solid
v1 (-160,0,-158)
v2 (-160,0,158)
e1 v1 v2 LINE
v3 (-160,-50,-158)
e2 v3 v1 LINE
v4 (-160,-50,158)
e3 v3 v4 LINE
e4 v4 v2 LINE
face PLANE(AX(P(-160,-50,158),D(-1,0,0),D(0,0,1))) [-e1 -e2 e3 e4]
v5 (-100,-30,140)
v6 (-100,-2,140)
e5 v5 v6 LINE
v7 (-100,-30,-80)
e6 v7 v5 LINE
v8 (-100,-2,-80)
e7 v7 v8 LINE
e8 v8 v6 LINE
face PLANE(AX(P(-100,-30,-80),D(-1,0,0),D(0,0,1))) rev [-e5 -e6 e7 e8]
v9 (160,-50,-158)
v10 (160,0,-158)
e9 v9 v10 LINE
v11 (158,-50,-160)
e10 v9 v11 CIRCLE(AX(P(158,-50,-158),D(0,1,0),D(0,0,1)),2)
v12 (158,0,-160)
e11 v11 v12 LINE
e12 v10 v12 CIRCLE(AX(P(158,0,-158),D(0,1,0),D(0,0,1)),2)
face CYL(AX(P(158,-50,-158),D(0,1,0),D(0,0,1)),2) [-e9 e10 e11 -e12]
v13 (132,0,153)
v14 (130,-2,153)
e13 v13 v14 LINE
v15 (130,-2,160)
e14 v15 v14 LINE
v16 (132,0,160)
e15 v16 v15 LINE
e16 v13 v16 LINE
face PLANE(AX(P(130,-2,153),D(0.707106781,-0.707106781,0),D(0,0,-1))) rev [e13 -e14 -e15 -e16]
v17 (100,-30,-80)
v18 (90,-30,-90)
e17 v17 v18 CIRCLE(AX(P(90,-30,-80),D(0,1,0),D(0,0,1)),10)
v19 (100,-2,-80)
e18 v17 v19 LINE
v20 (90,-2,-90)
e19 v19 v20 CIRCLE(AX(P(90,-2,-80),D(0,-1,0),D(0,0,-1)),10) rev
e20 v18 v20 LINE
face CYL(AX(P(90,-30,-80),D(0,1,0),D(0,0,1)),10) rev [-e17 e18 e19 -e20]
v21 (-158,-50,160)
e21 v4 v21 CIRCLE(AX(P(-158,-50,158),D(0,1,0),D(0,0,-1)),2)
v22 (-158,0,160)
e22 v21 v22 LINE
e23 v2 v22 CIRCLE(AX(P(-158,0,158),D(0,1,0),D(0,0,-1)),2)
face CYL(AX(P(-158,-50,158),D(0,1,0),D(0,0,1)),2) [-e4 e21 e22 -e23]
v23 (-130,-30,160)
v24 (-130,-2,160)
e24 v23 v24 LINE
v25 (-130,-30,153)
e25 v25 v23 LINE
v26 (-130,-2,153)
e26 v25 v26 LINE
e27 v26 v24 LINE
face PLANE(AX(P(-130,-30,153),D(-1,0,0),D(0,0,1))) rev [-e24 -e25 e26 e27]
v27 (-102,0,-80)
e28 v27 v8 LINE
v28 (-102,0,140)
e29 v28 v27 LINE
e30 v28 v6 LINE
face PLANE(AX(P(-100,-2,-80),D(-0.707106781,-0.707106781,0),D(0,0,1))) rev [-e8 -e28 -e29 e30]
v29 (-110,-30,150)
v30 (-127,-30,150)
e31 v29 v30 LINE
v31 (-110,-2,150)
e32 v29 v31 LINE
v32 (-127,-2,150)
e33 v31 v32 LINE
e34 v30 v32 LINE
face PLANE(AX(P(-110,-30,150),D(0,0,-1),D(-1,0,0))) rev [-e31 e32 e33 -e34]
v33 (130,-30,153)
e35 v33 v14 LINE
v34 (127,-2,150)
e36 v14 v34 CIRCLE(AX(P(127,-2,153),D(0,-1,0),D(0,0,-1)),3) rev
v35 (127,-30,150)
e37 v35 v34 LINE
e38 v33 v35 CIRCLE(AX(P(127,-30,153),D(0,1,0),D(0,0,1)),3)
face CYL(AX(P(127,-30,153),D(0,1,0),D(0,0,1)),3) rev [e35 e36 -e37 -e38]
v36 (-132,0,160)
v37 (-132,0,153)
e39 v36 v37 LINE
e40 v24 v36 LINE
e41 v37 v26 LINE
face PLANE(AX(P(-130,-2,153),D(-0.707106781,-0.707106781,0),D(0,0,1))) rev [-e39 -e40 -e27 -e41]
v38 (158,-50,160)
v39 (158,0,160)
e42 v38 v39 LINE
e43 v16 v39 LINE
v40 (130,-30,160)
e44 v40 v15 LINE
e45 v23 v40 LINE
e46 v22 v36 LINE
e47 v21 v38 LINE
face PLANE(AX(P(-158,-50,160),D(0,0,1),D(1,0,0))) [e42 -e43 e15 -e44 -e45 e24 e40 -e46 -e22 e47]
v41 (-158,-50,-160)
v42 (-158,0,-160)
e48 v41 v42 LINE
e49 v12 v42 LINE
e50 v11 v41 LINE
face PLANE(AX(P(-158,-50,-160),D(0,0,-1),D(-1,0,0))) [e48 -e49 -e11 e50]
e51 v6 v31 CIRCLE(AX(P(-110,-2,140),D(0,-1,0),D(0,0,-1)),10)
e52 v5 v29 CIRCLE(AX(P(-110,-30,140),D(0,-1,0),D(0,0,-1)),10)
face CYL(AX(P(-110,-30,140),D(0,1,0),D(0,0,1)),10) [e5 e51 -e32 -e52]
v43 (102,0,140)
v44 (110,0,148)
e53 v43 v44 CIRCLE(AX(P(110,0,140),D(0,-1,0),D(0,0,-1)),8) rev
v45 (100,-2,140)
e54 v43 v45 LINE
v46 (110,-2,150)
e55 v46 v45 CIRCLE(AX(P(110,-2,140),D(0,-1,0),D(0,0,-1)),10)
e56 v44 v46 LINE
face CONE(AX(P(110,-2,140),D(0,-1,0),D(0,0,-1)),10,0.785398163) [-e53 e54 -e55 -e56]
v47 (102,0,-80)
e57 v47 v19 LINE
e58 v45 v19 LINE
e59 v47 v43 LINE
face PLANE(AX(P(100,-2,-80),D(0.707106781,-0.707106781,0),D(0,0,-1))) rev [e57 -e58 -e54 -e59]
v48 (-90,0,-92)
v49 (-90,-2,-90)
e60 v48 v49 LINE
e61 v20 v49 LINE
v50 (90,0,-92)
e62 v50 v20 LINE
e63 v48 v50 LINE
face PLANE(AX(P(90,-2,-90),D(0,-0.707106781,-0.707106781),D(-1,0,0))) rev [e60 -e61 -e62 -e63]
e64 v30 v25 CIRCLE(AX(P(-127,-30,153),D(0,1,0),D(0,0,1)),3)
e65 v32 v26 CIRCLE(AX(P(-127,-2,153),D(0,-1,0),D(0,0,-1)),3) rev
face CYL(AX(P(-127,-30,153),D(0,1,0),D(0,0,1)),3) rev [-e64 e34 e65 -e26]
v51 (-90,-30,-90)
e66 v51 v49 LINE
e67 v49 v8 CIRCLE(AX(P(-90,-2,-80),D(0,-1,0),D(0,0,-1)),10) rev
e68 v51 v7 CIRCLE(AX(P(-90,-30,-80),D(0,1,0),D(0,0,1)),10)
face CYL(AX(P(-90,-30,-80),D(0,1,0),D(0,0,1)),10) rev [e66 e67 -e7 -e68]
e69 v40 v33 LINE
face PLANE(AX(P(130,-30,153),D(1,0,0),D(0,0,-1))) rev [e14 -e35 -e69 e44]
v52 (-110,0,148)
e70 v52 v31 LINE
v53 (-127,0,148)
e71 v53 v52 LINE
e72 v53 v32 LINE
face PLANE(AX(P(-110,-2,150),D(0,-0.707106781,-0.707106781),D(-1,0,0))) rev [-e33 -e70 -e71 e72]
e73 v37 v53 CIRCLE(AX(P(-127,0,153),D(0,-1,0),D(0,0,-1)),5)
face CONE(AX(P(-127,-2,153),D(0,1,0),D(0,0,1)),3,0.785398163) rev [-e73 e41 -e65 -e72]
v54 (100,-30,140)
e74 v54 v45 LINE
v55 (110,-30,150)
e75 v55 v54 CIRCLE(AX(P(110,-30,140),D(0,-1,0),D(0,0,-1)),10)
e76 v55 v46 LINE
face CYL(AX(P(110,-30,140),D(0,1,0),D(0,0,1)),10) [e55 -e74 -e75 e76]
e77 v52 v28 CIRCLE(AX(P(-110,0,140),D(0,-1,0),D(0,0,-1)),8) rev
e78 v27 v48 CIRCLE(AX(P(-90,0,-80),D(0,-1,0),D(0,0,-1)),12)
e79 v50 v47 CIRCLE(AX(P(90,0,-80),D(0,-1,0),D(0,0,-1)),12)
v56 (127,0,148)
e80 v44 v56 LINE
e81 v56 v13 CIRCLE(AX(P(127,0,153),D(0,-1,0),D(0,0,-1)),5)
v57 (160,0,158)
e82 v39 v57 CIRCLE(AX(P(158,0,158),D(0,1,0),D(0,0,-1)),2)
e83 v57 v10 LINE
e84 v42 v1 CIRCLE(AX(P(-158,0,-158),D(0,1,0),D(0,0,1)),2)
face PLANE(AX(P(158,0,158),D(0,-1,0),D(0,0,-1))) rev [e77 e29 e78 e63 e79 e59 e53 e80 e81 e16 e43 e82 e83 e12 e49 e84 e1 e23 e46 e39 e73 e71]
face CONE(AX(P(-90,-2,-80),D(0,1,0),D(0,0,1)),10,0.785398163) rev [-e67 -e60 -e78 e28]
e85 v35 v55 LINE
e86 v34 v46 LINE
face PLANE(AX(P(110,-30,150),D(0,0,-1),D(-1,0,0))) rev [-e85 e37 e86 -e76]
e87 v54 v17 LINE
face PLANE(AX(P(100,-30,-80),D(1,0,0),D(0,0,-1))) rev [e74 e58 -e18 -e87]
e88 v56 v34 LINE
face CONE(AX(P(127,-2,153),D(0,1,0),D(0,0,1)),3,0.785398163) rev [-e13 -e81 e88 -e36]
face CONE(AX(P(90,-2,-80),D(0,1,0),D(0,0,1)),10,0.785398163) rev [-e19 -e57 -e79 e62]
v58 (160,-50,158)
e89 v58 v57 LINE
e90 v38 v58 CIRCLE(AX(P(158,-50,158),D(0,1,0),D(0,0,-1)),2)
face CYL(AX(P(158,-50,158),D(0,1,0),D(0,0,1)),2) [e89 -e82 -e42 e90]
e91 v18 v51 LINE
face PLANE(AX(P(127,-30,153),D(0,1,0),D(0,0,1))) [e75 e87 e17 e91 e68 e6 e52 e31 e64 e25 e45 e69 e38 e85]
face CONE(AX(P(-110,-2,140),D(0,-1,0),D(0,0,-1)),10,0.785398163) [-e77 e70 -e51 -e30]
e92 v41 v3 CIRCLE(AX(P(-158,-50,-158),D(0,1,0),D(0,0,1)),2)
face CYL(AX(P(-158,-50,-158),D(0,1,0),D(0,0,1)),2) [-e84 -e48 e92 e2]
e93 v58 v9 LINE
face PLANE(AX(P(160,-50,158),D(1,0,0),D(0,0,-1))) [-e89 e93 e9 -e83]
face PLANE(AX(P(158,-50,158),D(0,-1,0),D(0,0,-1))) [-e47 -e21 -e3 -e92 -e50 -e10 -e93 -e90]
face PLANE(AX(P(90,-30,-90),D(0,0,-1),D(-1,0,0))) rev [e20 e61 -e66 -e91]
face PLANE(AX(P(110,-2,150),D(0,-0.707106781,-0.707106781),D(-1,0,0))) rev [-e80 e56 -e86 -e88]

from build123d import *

# Parameters (mm, degrees)
EXTRUDE_1_DEPTH     = 50
CUT_EXTRUDE_2_DEPTH = 30
CHAMFER_1_SIZE      = 2


with BuildPart() as part:
    # 草图1 → 凸台-拉伸1 (new body)
    with BuildSketch(Plane(origin=(0, 0, 0), x_dir=(1, 0, 0), z_dir=(0, 1, 0))):
        with BuildLine():
            Line((-158, -160), (158, -160))
            ThreePointArc((158, -160), (159.414213562, -159.414213562), (160, -158))
            Line((160, -158), (160, 158))
            ThreePointArc((160, 158), (159.414213562, 159.414213562), (158, 160))
            Line((158, 160), (-158, 160))
            ThreePointArc((-158, 160), (-159.414213562, 159.414213562), (-160, 158))
            Line((-160, 158), (-160, -158))
            ThreePointArc((-160, -158), (-159.414213562, -159.414213562), (-158, -160))
        make_face()
    extrude(amount=-EXTRUDE_1_DEPTH)

    # 草图2 → 切除-拉伸2 (cut)
    with BuildSketch(Plane(origin=(0, 0, 0), x_dir=(1, 0, 0), z_dir=(0, 1, 0))):
        with BuildLine():
            Line((130, -153), (130, -160))
            Line((130, -160), (-130, -160))
            Line((-130, -160), (-130, -153))
            ThreePointArc((-130, -153), (-129.121320344, -150.878679656), (-127, -150))
            Line((-127, -150), (-110, -150))
            ThreePointArc((-110, -150), (-102.928932188, -147.071067812), (-100, -140))
            Line((-100, -140), (-100, 80))
            ThreePointArc((-100, 80), (-97.071067812, 87.071067812), (-90, 90))
            Line((-90, 90), (90, 90))
            ThreePointArc((90, 90), (97.071067812, 87.071067812), (100, 80))
            Line((100, 80), (100, -140))
            ThreePointArc((100, -140), (102.928932188, -147.071067812), (110, -150))
            Line((110, -150), (127, -150))
            ThreePointArc((127, -150), (129.121320344, -150.878679656), (130, -153))
        make_face()
    extrude(amount=-CUT_EXTRUDE_2_DEPTH, mode=Mode.SUBTRACT)

    # 倒角1
    chamfer_1_edges = [part.edges().sort_by_distance(p)[0] for p in [
        (130, 0, 156.5),
        (129.121320344, 0, 150.878679656),
        (118.5, 0, 150),
        (102.928932188, 0, 147.071067812),
        (100, 0, 30),
        (97.071067812, 0, -87.071067812),
        (0, 0, -90),
        (-97.071067812, 0, -87.071067812),
        (-100, 0, 30),
        (-102.928932188, 0, 147.071067812),
        (-118.5, 0, 150),
        (-129.121320344, 0, 150.878679656),
        (-130, 0, 156.5),
    ]]
    chamfer(chamfer_1_edges, length=CHAMFER_1_SIZE)


solid = part.part
